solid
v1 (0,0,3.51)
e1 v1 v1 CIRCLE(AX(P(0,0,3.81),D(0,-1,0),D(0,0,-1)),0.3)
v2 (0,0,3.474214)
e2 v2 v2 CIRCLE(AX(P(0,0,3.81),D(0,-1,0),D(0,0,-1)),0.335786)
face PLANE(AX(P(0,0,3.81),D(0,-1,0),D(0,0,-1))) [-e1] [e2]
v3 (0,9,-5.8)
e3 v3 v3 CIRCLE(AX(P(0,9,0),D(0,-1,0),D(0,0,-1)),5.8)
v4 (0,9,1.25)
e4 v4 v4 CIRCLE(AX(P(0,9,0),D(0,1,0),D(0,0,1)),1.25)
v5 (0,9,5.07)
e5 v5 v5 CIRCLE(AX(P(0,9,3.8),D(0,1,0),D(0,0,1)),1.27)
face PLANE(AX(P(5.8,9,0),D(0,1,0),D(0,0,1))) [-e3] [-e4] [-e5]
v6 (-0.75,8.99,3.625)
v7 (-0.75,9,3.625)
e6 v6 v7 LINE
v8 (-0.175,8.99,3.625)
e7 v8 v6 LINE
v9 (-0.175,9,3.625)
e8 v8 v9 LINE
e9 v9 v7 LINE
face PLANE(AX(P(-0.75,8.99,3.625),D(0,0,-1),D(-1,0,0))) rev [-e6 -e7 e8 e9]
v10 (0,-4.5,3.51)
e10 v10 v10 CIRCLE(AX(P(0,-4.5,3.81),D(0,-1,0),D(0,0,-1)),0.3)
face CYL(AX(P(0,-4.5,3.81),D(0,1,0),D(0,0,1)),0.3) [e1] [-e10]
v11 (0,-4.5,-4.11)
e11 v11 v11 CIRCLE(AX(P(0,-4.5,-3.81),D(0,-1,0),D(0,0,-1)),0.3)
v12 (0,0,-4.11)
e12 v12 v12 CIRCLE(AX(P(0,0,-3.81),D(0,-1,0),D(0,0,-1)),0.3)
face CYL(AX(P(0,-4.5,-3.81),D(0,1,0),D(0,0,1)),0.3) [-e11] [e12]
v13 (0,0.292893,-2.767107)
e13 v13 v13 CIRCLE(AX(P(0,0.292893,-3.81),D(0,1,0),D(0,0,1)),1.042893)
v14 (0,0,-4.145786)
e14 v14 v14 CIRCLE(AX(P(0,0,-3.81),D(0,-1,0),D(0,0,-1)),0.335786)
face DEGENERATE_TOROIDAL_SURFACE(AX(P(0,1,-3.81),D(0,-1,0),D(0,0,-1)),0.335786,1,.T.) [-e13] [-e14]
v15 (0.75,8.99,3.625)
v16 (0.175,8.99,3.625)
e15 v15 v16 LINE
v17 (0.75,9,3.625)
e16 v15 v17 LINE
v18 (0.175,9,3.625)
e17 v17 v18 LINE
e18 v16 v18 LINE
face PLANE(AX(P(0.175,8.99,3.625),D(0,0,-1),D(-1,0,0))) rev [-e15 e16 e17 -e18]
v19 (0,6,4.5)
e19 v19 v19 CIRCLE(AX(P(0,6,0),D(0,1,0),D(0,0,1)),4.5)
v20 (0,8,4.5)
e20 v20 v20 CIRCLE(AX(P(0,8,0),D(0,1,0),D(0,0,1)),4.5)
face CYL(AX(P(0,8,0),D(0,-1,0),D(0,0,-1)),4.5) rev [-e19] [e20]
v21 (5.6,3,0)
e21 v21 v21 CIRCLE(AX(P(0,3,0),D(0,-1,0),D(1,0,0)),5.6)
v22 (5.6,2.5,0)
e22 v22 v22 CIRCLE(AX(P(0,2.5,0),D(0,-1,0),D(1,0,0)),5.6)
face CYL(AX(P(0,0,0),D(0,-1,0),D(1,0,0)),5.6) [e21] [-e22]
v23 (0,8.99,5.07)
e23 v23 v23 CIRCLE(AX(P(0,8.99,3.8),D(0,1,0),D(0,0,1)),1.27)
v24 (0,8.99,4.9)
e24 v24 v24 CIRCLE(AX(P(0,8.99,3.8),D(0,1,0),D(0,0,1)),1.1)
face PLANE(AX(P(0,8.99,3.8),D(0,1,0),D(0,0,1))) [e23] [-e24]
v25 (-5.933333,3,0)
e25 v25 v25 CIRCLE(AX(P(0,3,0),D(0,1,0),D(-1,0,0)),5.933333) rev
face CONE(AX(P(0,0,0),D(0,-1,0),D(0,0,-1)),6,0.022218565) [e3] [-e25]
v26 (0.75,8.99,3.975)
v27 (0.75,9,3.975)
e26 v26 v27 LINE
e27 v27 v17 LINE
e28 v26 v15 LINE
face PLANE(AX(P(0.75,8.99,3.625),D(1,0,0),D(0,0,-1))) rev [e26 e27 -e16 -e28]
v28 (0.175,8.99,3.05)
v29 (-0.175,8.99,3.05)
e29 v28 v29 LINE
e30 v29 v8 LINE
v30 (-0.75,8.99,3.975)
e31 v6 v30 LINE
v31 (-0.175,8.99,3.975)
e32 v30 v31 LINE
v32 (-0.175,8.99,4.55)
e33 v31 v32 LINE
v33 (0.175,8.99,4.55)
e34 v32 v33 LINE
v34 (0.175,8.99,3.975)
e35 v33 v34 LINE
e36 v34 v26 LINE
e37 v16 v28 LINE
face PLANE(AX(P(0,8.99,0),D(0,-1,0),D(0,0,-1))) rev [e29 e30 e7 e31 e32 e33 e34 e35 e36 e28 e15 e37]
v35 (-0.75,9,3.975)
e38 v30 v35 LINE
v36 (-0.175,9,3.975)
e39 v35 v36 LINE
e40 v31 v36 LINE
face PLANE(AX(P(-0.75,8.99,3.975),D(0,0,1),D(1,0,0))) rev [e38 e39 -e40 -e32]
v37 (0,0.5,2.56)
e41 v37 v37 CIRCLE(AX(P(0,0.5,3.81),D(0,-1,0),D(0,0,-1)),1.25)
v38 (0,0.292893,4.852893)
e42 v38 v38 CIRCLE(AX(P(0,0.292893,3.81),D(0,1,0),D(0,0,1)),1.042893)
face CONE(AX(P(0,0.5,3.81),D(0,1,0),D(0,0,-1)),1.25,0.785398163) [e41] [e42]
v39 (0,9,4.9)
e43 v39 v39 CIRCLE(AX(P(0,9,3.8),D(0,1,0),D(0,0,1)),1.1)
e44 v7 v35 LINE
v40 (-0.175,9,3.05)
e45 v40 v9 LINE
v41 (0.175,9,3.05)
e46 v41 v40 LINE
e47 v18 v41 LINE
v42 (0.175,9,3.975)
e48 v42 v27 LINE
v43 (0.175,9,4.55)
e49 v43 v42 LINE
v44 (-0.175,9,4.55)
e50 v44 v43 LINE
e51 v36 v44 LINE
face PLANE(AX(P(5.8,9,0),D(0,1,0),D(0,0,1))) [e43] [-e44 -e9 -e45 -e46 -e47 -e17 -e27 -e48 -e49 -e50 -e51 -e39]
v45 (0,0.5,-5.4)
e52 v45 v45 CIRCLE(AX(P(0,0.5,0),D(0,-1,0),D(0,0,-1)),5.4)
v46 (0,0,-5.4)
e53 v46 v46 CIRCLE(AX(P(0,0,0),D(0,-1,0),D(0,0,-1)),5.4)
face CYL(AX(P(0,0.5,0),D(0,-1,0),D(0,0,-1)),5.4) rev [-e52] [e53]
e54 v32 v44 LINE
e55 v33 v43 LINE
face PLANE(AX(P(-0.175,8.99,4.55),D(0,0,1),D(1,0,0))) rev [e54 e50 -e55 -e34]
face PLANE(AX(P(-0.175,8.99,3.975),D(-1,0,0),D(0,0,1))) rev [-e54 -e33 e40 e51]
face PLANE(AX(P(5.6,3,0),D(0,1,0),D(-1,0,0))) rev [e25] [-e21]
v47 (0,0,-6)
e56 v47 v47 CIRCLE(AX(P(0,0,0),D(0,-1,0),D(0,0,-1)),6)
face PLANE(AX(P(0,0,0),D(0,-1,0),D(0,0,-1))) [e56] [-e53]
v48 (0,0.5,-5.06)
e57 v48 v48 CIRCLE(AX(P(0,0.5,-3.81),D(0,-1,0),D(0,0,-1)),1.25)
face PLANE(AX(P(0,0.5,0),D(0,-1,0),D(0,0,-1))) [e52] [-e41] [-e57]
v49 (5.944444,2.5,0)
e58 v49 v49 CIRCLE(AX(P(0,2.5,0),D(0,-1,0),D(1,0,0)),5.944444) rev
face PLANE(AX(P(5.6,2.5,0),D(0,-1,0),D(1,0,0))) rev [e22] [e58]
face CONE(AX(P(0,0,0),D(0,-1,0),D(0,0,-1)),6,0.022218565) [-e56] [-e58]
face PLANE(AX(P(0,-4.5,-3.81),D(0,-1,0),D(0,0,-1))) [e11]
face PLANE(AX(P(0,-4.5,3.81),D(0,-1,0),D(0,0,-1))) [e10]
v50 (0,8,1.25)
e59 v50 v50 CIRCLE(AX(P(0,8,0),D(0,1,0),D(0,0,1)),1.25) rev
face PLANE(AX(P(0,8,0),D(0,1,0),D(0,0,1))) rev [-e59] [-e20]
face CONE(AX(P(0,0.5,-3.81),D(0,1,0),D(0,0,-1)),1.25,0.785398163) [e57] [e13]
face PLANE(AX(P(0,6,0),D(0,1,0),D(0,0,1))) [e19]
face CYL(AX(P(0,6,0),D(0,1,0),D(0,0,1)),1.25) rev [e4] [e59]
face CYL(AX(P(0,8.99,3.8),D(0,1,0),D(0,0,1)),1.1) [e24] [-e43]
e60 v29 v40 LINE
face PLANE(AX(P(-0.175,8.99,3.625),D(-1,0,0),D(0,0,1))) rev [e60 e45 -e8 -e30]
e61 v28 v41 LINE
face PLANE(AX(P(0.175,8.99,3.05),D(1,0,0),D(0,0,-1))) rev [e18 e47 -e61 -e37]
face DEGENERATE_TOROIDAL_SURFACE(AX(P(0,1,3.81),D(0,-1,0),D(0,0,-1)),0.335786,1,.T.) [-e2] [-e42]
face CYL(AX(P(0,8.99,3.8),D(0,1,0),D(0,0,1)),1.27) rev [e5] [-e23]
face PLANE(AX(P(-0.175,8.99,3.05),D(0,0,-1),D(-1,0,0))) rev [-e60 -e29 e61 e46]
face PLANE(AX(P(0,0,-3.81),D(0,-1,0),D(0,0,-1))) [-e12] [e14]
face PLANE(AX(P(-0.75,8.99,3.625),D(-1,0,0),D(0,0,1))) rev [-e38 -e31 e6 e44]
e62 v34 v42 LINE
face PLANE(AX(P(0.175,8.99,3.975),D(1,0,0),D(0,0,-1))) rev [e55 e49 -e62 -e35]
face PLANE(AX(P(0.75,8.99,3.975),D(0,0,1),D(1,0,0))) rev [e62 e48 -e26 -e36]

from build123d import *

# Parameters (mm, degrees)
SKETCH2_R           = 5.4
CUT_EXTRUDE1_DEPTH  = 0.5
SKETCH4_R           = 0.3
BOSS_EXTRUDE2_DEPTH = 5
SKETCH5_R           = 1.27
SKETCH5_R_2         = 1.1
CUT_EXTRUDE2_DEPTH  = 0.01
CUT_EXTRUDE3_DEPTH  = 0.01
SKETCH7_R           = 1.25
CUT_EXTRUDE4_DEPTH  = 3
SKETCH8_R           = 4.5
CUT_EXTRUDE5_DEPTH  = 2
SKETCH12_R          = 1.25
BOSS_EXTRUDE4_DEPTH = 0.5
BOSS_EXTRUDE4_TAPER = 45
FILLET3_R           = 1
SKETCH13_W          = 1
SKETCH13_H          = 0.5


with BuildPart() as part:
    # Sketch1 → Revolve1 (revolve)
    with BuildSketch(Plane.XY):
        Polygon((0, 0), (0, 9), (5.8, 9), (6, 0), align=None)
    revolve(axis=Axis((0, 0, 0), (0, 1, 0)))

    # Sketch2 → Cut-Extrude1 (cut)
    with BuildSketch(Plane.XZ):
        Circle(SKETCH2_R)
    extrude(amount=-CUT_EXTRUDE1_DEPTH, mode=Mode.SUBTRACT)

    # Sketch4 → Boss-Extrude2 (add)
    with BuildSketch(Plane.XZ.offset(-0.5)):
        with Locations((0, -3.81)):
            Circle(SKETCH4_R)
        with Locations((0, 3.81)):
            Circle(SKETCH4_R)
    extrude(amount=BOSS_EXTRUDE2_DEPTH)

    # Sketch5 → Cut-Extrude2 (cut)
    with BuildSketch(Plane(origin=(0, 9, 0), x_dir=(1, 0, 0), z_dir=(0, 1, 0))):
        with Locations((0, -3.8)):
            Circle(SKETCH5_R)
        with Locations((0, -3.8)):
            Circle(SKETCH5_R_2, mode=Mode.SUBTRACT)
    extrude(amount=-CUT_EXTRUDE2_DEPTH, mode=Mode.SUBTRACT)

    # Sketch6 → Cut-Extrude3 (cut)
    with BuildSketch(Plane(origin=(0, 9, 0), x_dir=(1, 0, 0), z_dir=(0, 1, 0))):
        Polygon((-0.175, -3.05), (0.175, -3.05), (0.175, -3.625), (0.75, -3.625), (0.75, -3.975), (0.175, -3.975), (0.175, -4.55), (-0.175, -4.55), (-0.175, -3.975), (-0.75, -3.975), (-0.75, -3.625), (-0.175, -3.625), align=None)
    extrude(amount=-CUT_EXTRUDE3_DEPTH, mode=Mode.SUBTRACT)

    # Sketch7 → Cut-Extrude4 (cut)
    with BuildSketch(Plane(origin=(0, 9, 0), x_dir=(1, 0, 0), z_dir=(0, 1, 0))):
        Circle(SKETCH7_R)
    extrude(amount=-CUT_EXTRUDE4_DEPTH, mode=Mode.SUBTRACT)

    # Sketch8 → Cut-Extrude5 (cut)
    with BuildSketch(Plane(origin=(0, 6, 0), x_dir=(1, 0, 0), z_dir=(0, 1, 0))):
        Circle(SKETCH8_R)
    extrude(amount=CUT_EXTRUDE5_DEPTH, mode=Mode.SUBTRACT)

    # Sketch12 → Boss-Extrude4 (add)
    with BuildSketch(Plane.XZ.offset(-0.5)):
        with Locations((0, 3.81)):
            Circle(SKETCH12_R)
        with Locations((0, -3.81)):
            Circle(SKETCH12_R)
    extrude(amount=BOSS_EXTRUDE4_DEPTH, taper=BOSS_EXTRUDE4_TAPER)

    # Fillet3
    fillet3_edges = [part.edges().sort_by_distance(p)[0] for p in [
        (-0.75, 0, 3.81),
        (-0.75, 0, -3.81),
    ]]
    fillet(fillet3_edges, radius=FILLET3_R)

    # Sketch13 → Cut-Revolve1 (revolve, cut)
    with BuildSketch(Plane.XY):
        with Locations((6.1, 2.75)):
            Rectangle(SKETCH13_W, SKETCH13_H)
    revolve(axis=Axis((0, 0, 0), (0, 1, 0)), mode=Mode.SUBTRACT)


solid = part.part
